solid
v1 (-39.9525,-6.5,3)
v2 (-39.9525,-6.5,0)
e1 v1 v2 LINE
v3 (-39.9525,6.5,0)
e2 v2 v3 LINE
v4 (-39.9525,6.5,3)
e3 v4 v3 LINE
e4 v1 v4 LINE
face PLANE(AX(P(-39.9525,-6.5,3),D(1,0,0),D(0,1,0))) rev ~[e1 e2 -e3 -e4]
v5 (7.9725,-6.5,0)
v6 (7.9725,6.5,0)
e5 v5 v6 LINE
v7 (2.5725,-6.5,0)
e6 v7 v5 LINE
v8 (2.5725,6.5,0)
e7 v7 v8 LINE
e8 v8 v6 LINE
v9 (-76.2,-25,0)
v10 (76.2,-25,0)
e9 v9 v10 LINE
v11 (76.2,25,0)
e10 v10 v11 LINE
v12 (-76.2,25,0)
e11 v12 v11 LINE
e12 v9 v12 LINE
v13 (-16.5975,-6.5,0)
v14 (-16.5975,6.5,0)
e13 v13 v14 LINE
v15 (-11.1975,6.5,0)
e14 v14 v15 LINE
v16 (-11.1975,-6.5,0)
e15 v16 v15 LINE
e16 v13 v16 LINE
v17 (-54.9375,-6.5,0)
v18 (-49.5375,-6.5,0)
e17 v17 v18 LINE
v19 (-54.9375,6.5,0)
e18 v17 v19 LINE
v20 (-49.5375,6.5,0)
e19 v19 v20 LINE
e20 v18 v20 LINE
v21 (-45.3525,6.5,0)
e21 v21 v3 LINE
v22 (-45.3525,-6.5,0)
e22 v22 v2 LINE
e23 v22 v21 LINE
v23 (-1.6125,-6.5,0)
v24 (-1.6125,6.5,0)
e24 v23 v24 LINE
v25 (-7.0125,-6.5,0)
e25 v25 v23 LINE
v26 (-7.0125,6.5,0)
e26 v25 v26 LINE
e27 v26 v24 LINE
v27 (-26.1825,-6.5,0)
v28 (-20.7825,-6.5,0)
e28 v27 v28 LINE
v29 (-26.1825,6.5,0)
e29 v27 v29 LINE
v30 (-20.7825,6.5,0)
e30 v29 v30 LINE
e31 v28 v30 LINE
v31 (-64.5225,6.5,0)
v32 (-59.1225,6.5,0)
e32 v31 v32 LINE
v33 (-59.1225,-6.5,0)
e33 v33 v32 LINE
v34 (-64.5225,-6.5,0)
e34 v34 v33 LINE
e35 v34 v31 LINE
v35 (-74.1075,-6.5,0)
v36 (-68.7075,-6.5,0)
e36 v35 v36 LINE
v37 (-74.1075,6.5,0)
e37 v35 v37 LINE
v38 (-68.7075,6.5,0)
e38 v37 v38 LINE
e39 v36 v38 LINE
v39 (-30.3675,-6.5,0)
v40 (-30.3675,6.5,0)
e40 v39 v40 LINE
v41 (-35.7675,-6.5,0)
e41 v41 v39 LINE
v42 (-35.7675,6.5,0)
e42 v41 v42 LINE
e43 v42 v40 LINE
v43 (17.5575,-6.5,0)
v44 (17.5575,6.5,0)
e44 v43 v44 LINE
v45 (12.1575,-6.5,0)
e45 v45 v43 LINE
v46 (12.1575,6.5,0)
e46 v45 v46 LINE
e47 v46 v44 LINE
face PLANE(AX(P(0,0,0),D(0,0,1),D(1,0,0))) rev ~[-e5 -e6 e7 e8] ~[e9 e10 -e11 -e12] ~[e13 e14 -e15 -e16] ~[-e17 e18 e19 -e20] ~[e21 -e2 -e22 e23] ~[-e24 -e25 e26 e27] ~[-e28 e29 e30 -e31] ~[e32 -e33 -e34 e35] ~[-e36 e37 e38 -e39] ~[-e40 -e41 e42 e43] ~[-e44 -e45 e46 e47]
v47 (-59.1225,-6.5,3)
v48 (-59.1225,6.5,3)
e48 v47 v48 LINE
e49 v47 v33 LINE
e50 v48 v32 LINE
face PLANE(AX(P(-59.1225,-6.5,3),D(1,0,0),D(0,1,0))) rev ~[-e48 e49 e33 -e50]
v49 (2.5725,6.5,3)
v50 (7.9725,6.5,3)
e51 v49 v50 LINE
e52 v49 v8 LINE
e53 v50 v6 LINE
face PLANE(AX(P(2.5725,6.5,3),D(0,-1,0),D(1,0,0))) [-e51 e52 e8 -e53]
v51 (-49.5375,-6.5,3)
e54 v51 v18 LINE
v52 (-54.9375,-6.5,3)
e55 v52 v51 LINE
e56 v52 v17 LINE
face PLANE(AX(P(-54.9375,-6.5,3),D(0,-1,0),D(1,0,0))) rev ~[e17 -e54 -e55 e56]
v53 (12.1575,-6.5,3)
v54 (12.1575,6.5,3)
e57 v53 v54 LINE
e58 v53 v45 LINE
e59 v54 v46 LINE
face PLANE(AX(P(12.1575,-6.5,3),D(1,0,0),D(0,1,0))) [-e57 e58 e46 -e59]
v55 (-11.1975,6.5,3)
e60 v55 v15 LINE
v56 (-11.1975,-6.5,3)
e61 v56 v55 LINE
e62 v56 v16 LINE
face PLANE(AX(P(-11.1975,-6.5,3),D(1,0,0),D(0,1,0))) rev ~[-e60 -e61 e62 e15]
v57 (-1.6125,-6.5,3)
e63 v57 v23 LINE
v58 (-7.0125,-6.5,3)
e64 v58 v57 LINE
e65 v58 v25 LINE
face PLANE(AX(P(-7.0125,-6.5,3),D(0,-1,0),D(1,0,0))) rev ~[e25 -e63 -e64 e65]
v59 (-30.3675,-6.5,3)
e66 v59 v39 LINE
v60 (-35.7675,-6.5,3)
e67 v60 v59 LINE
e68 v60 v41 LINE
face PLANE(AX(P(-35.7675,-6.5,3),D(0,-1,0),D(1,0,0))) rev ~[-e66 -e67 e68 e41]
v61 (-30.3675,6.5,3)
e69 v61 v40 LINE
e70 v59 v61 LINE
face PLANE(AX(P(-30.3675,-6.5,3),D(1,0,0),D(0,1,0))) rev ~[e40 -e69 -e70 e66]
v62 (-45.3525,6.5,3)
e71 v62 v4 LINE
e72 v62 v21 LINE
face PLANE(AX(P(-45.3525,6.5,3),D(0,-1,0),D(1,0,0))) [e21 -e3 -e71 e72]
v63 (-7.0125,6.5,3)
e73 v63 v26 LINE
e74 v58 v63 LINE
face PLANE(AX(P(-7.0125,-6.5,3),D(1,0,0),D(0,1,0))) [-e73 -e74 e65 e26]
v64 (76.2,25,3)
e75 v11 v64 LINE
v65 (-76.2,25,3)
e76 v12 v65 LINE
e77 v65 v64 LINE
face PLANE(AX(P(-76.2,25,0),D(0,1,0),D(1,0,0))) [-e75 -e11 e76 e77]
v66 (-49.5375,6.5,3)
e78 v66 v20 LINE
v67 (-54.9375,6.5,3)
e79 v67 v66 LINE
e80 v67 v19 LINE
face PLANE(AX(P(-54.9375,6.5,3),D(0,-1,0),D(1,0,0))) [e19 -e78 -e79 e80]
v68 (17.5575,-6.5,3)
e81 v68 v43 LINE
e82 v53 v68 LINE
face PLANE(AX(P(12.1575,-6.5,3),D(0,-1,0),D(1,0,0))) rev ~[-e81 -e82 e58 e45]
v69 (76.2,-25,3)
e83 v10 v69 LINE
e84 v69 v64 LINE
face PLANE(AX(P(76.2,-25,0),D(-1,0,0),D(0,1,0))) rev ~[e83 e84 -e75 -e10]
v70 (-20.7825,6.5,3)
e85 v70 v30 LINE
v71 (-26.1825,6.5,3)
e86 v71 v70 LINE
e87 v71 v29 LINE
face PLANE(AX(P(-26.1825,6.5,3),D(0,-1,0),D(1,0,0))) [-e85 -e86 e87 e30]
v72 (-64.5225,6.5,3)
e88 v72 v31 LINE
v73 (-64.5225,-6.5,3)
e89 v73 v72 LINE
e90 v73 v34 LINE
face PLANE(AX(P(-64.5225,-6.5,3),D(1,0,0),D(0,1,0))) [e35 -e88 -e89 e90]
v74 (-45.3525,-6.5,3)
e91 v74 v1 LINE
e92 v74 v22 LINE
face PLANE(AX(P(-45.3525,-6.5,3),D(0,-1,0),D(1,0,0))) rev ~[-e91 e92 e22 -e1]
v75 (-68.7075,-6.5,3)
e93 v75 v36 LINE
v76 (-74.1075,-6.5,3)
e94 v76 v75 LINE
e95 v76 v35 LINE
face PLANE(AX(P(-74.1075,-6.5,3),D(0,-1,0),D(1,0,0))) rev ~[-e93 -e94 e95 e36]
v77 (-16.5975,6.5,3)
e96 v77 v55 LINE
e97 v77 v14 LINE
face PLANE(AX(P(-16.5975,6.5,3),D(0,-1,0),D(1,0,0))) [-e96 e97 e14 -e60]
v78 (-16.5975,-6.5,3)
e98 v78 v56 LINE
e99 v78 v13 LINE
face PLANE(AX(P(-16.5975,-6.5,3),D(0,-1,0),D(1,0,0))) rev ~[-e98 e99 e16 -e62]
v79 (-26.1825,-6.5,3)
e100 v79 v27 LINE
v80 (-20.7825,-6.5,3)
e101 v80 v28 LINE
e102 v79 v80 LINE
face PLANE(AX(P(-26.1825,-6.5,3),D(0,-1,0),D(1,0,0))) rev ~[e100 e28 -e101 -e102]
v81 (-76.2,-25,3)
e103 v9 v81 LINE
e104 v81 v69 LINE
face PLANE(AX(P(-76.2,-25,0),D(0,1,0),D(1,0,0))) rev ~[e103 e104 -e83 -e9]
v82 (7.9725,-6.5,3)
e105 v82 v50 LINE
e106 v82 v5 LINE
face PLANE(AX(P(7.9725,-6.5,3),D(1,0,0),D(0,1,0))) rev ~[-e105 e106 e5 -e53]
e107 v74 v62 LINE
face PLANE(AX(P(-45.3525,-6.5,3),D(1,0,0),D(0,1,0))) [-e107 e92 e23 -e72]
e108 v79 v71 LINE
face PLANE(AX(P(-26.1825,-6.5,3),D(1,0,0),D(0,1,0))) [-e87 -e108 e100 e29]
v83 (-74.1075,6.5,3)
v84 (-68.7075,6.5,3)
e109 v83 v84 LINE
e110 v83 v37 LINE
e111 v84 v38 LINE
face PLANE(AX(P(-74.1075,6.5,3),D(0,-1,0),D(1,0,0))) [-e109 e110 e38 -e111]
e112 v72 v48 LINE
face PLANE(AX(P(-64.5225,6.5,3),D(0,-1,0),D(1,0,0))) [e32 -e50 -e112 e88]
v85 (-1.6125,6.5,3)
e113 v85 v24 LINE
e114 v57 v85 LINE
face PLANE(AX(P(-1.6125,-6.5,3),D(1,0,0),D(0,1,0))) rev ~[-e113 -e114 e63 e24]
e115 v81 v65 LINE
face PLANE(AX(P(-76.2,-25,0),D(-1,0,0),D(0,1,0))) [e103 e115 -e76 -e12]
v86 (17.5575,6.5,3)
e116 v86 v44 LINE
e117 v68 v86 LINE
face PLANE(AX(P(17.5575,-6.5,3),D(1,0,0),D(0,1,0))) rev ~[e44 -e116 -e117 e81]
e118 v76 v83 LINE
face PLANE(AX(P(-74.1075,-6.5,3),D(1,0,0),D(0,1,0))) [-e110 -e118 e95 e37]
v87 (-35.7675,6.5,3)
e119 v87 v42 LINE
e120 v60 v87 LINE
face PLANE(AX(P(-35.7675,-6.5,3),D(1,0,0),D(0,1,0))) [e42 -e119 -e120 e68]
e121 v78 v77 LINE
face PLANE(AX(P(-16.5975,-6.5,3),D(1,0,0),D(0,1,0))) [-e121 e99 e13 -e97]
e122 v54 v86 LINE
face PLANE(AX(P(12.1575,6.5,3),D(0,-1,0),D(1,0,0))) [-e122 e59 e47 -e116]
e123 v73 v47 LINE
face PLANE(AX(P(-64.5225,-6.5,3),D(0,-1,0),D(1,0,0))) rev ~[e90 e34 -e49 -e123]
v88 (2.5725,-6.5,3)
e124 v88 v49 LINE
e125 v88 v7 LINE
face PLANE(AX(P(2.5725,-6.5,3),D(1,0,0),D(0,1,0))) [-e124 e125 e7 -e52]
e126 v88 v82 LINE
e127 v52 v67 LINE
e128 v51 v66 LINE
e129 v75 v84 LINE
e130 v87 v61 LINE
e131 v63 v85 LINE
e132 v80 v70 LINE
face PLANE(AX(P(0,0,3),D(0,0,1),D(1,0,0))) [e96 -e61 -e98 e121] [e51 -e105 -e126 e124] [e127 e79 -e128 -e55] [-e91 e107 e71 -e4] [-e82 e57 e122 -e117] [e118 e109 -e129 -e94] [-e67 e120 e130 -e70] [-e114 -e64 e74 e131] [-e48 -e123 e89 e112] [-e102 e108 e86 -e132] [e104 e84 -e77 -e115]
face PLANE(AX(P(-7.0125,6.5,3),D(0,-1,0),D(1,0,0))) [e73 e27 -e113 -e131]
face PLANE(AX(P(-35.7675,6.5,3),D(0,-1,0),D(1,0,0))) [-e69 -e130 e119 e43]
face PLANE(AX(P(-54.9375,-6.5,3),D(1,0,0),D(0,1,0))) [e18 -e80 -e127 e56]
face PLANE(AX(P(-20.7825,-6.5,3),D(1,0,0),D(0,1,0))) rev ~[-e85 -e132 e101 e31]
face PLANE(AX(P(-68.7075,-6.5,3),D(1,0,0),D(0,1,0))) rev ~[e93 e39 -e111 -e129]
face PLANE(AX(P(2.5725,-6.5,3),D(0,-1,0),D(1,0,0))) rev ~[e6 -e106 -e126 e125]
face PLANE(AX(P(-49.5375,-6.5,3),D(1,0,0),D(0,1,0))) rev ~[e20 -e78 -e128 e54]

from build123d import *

# Parameters (mm, degrees)
F0_W     = 152.4
F0_H     = 50
F1_DEPTH = 3
F2_W     = 5.4
F2_H     = 13
F3_DEPTH = 3.001


with BuildPart() as f1:
    # F0 (on Top) → F1 (new body)
    with BuildSketch(Plane.XY):
        Rectangle(F0_W, F0_H)
    extrude(amount=F1_DEPTH)

    # F2 (on face) → F3 (cut, through all)
    with BuildSketch(Plane.XY.offset(3)):
        with Locations((-71.4075, 0)):
            Rectangle(F2_W, F2_H)
        with Locations((-61.8225, 0)):
            Rectangle(F2_W, F2_H)
        with Locations((-52.2375, 0)):
            Rectangle(F2_W, F2_H)
        with Locations((-42.6525, 0)):
            Rectangle(F2_W, F2_H)
        with Locations((-33.0675, 0)):
            Rectangle(F2_W, F2_H)
        with Locations((-23.4825, 0)):
            Rectangle(F2_W, F2_H)
        with Locations((-13.8975, 0)):
            Rectangle(F2_W, F2_H)
        with Locations((-4.3125, 0)):
            Rectangle(F2_W, F2_H)
        with Locations((5.2725, 0)):
            Rectangle(F2_W, F2_H)
        with Locations((14.8575, 0)):
            Rectangle(F2_W, F2_H)
    extrude(amount=-F3_DEPTH, mode=Mode.SUBTRACT)


solid = f1.part
